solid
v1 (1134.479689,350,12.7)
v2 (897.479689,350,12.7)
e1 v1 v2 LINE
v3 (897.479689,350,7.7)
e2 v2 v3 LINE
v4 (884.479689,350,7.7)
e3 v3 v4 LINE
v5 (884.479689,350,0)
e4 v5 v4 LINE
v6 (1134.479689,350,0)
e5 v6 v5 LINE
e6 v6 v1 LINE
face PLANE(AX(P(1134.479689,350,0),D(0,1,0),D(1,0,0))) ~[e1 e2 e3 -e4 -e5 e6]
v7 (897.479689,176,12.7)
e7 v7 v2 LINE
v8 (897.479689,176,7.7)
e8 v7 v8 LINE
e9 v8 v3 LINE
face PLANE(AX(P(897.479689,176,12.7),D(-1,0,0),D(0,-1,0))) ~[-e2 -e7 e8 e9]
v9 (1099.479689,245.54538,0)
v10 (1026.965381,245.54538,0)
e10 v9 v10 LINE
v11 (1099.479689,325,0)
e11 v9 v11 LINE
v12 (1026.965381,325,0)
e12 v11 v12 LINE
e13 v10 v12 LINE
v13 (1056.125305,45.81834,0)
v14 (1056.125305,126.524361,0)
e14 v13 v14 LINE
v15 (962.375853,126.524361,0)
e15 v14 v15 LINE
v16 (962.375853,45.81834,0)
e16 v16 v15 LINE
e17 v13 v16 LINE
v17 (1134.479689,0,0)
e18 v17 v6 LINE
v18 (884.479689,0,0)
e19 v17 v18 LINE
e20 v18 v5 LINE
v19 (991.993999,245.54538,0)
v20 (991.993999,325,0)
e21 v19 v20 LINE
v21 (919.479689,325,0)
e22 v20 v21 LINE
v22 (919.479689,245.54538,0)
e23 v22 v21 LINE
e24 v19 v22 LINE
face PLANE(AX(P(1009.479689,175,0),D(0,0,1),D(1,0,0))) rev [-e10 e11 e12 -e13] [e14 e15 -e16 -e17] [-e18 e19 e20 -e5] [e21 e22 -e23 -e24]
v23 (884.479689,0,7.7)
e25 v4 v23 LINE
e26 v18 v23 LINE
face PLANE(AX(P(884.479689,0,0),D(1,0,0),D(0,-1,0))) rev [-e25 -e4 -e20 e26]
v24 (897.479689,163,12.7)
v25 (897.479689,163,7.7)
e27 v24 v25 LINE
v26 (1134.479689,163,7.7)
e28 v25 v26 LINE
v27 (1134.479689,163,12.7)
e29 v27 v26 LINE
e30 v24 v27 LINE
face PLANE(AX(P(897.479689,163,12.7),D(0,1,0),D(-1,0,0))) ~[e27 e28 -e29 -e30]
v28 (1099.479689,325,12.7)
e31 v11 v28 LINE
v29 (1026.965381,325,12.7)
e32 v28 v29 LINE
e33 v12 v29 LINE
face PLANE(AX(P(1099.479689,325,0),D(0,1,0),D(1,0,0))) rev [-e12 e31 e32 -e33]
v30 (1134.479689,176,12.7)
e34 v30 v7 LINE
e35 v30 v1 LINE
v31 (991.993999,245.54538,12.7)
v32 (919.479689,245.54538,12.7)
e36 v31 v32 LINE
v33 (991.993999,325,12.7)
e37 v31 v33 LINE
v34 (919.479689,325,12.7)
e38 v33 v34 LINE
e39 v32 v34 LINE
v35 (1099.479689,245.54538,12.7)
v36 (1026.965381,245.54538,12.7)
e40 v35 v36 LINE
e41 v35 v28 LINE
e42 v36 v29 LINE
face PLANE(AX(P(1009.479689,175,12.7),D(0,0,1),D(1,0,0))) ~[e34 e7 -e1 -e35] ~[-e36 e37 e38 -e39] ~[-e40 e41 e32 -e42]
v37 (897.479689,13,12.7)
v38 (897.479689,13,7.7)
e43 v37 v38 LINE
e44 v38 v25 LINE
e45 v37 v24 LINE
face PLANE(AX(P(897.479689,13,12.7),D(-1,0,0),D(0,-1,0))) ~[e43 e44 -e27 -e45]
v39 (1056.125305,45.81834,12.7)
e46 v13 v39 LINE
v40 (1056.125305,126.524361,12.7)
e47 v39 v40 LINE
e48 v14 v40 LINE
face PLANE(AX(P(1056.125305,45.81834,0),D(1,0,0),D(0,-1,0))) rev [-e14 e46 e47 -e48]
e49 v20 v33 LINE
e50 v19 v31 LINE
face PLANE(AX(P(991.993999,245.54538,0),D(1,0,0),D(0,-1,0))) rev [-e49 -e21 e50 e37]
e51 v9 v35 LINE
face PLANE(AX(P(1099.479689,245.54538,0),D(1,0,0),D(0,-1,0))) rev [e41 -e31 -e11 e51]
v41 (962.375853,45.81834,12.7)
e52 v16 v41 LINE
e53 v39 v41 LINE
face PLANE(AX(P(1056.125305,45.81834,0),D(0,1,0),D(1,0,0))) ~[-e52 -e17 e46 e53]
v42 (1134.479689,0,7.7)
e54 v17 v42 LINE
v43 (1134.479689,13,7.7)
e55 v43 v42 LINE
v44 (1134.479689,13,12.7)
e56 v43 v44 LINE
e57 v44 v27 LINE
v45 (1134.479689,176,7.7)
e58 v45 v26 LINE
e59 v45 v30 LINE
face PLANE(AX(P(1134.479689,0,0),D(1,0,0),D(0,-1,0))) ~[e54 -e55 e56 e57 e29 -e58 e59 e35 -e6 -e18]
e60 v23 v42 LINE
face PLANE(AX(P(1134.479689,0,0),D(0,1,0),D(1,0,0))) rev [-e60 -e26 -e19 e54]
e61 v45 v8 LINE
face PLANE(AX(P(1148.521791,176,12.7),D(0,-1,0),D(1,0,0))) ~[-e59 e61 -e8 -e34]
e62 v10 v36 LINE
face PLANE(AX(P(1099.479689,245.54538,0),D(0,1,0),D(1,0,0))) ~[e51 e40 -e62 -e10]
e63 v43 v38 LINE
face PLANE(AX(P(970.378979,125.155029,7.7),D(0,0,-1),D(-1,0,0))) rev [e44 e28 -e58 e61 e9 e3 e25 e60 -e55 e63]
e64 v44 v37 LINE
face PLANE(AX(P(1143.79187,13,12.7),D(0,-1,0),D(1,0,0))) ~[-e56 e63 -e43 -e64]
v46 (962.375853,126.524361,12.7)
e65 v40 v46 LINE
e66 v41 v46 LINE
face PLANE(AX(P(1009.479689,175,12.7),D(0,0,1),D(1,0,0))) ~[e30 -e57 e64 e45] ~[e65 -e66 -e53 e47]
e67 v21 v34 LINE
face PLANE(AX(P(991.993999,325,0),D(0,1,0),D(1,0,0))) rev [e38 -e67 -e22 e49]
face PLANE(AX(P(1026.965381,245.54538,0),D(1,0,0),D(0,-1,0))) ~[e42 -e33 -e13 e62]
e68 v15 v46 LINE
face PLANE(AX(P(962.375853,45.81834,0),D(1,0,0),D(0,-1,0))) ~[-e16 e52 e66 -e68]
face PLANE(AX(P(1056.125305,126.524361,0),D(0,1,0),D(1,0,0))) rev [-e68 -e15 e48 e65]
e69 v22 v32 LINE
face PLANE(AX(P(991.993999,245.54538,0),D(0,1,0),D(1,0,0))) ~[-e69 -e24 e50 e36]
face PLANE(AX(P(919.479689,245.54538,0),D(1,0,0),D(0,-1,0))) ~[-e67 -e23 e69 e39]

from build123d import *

# Parameters (mm, degrees)
SKETCH004_W   = 250
SKETCH004_H   = 350
SKETCH004_W_2 = 72.514309
SKETCH004_H_2 = 79.45462
SKETCH004_W_3 = 72.51431
SKETCH004_W_4 = 93.749451
SKETCH004_H_3 = 80.706021
PAD004_DEPTH  = 12.7
POCKET_DEPTH  = 5


with BuildPart() as lside:
    # Sketch004 → Pad004 (new body)
    with BuildSketch(Plane.XY):
        with Locations((749.003465, 175)):
            Rectangle(SKETCH004_W, SKETCH004_H)
        with Locations((695.260619, 285.27269)):
            Rectangle(SKETCH004_W_2, SKETCH004_H_2, mode=Mode.SUBTRACT)
        with Locations((802.74631, 285.27269)):
            Rectangle(SKETCH004_W_3, SKETCH004_H_2, mode=Mode.SUBTRACT)
        with Locations((749.232575, 86.171351)):
            Rectangle(SKETCH004_W_4, SKETCH004_H_3, mode=Mode.SUBTRACT)
    extrude(amount=PAD004_DEPTH)

    # Sketch005 (on Face18 of Pad004) → Pocket (cut)
    with BuildSketch(Plane.XY.offset(12.7)):
        Polygon((609.961363, 176), (861.003465, 176), (861.003465, 350), (874.003465, 350), (874.003465, 0), (614.691284, 0), (614.691284, 13), (861.003465, 13), (861.003465, 163), (609.961363, 163), align=None)
    extrude(amount=-POCKET_DEPTH, mode=Mode.SUBTRACT)


with BuildPart() as model_lside_mirrored:
    # Mirror: instance of LSide
    add(lside.part.mirror(Plane(origin=(879.241577, 357.188568, 0), x_dir=(0, 1, 0), z_dir=(-1, 0, 0))))


solid = model_lside_mirrored.part
